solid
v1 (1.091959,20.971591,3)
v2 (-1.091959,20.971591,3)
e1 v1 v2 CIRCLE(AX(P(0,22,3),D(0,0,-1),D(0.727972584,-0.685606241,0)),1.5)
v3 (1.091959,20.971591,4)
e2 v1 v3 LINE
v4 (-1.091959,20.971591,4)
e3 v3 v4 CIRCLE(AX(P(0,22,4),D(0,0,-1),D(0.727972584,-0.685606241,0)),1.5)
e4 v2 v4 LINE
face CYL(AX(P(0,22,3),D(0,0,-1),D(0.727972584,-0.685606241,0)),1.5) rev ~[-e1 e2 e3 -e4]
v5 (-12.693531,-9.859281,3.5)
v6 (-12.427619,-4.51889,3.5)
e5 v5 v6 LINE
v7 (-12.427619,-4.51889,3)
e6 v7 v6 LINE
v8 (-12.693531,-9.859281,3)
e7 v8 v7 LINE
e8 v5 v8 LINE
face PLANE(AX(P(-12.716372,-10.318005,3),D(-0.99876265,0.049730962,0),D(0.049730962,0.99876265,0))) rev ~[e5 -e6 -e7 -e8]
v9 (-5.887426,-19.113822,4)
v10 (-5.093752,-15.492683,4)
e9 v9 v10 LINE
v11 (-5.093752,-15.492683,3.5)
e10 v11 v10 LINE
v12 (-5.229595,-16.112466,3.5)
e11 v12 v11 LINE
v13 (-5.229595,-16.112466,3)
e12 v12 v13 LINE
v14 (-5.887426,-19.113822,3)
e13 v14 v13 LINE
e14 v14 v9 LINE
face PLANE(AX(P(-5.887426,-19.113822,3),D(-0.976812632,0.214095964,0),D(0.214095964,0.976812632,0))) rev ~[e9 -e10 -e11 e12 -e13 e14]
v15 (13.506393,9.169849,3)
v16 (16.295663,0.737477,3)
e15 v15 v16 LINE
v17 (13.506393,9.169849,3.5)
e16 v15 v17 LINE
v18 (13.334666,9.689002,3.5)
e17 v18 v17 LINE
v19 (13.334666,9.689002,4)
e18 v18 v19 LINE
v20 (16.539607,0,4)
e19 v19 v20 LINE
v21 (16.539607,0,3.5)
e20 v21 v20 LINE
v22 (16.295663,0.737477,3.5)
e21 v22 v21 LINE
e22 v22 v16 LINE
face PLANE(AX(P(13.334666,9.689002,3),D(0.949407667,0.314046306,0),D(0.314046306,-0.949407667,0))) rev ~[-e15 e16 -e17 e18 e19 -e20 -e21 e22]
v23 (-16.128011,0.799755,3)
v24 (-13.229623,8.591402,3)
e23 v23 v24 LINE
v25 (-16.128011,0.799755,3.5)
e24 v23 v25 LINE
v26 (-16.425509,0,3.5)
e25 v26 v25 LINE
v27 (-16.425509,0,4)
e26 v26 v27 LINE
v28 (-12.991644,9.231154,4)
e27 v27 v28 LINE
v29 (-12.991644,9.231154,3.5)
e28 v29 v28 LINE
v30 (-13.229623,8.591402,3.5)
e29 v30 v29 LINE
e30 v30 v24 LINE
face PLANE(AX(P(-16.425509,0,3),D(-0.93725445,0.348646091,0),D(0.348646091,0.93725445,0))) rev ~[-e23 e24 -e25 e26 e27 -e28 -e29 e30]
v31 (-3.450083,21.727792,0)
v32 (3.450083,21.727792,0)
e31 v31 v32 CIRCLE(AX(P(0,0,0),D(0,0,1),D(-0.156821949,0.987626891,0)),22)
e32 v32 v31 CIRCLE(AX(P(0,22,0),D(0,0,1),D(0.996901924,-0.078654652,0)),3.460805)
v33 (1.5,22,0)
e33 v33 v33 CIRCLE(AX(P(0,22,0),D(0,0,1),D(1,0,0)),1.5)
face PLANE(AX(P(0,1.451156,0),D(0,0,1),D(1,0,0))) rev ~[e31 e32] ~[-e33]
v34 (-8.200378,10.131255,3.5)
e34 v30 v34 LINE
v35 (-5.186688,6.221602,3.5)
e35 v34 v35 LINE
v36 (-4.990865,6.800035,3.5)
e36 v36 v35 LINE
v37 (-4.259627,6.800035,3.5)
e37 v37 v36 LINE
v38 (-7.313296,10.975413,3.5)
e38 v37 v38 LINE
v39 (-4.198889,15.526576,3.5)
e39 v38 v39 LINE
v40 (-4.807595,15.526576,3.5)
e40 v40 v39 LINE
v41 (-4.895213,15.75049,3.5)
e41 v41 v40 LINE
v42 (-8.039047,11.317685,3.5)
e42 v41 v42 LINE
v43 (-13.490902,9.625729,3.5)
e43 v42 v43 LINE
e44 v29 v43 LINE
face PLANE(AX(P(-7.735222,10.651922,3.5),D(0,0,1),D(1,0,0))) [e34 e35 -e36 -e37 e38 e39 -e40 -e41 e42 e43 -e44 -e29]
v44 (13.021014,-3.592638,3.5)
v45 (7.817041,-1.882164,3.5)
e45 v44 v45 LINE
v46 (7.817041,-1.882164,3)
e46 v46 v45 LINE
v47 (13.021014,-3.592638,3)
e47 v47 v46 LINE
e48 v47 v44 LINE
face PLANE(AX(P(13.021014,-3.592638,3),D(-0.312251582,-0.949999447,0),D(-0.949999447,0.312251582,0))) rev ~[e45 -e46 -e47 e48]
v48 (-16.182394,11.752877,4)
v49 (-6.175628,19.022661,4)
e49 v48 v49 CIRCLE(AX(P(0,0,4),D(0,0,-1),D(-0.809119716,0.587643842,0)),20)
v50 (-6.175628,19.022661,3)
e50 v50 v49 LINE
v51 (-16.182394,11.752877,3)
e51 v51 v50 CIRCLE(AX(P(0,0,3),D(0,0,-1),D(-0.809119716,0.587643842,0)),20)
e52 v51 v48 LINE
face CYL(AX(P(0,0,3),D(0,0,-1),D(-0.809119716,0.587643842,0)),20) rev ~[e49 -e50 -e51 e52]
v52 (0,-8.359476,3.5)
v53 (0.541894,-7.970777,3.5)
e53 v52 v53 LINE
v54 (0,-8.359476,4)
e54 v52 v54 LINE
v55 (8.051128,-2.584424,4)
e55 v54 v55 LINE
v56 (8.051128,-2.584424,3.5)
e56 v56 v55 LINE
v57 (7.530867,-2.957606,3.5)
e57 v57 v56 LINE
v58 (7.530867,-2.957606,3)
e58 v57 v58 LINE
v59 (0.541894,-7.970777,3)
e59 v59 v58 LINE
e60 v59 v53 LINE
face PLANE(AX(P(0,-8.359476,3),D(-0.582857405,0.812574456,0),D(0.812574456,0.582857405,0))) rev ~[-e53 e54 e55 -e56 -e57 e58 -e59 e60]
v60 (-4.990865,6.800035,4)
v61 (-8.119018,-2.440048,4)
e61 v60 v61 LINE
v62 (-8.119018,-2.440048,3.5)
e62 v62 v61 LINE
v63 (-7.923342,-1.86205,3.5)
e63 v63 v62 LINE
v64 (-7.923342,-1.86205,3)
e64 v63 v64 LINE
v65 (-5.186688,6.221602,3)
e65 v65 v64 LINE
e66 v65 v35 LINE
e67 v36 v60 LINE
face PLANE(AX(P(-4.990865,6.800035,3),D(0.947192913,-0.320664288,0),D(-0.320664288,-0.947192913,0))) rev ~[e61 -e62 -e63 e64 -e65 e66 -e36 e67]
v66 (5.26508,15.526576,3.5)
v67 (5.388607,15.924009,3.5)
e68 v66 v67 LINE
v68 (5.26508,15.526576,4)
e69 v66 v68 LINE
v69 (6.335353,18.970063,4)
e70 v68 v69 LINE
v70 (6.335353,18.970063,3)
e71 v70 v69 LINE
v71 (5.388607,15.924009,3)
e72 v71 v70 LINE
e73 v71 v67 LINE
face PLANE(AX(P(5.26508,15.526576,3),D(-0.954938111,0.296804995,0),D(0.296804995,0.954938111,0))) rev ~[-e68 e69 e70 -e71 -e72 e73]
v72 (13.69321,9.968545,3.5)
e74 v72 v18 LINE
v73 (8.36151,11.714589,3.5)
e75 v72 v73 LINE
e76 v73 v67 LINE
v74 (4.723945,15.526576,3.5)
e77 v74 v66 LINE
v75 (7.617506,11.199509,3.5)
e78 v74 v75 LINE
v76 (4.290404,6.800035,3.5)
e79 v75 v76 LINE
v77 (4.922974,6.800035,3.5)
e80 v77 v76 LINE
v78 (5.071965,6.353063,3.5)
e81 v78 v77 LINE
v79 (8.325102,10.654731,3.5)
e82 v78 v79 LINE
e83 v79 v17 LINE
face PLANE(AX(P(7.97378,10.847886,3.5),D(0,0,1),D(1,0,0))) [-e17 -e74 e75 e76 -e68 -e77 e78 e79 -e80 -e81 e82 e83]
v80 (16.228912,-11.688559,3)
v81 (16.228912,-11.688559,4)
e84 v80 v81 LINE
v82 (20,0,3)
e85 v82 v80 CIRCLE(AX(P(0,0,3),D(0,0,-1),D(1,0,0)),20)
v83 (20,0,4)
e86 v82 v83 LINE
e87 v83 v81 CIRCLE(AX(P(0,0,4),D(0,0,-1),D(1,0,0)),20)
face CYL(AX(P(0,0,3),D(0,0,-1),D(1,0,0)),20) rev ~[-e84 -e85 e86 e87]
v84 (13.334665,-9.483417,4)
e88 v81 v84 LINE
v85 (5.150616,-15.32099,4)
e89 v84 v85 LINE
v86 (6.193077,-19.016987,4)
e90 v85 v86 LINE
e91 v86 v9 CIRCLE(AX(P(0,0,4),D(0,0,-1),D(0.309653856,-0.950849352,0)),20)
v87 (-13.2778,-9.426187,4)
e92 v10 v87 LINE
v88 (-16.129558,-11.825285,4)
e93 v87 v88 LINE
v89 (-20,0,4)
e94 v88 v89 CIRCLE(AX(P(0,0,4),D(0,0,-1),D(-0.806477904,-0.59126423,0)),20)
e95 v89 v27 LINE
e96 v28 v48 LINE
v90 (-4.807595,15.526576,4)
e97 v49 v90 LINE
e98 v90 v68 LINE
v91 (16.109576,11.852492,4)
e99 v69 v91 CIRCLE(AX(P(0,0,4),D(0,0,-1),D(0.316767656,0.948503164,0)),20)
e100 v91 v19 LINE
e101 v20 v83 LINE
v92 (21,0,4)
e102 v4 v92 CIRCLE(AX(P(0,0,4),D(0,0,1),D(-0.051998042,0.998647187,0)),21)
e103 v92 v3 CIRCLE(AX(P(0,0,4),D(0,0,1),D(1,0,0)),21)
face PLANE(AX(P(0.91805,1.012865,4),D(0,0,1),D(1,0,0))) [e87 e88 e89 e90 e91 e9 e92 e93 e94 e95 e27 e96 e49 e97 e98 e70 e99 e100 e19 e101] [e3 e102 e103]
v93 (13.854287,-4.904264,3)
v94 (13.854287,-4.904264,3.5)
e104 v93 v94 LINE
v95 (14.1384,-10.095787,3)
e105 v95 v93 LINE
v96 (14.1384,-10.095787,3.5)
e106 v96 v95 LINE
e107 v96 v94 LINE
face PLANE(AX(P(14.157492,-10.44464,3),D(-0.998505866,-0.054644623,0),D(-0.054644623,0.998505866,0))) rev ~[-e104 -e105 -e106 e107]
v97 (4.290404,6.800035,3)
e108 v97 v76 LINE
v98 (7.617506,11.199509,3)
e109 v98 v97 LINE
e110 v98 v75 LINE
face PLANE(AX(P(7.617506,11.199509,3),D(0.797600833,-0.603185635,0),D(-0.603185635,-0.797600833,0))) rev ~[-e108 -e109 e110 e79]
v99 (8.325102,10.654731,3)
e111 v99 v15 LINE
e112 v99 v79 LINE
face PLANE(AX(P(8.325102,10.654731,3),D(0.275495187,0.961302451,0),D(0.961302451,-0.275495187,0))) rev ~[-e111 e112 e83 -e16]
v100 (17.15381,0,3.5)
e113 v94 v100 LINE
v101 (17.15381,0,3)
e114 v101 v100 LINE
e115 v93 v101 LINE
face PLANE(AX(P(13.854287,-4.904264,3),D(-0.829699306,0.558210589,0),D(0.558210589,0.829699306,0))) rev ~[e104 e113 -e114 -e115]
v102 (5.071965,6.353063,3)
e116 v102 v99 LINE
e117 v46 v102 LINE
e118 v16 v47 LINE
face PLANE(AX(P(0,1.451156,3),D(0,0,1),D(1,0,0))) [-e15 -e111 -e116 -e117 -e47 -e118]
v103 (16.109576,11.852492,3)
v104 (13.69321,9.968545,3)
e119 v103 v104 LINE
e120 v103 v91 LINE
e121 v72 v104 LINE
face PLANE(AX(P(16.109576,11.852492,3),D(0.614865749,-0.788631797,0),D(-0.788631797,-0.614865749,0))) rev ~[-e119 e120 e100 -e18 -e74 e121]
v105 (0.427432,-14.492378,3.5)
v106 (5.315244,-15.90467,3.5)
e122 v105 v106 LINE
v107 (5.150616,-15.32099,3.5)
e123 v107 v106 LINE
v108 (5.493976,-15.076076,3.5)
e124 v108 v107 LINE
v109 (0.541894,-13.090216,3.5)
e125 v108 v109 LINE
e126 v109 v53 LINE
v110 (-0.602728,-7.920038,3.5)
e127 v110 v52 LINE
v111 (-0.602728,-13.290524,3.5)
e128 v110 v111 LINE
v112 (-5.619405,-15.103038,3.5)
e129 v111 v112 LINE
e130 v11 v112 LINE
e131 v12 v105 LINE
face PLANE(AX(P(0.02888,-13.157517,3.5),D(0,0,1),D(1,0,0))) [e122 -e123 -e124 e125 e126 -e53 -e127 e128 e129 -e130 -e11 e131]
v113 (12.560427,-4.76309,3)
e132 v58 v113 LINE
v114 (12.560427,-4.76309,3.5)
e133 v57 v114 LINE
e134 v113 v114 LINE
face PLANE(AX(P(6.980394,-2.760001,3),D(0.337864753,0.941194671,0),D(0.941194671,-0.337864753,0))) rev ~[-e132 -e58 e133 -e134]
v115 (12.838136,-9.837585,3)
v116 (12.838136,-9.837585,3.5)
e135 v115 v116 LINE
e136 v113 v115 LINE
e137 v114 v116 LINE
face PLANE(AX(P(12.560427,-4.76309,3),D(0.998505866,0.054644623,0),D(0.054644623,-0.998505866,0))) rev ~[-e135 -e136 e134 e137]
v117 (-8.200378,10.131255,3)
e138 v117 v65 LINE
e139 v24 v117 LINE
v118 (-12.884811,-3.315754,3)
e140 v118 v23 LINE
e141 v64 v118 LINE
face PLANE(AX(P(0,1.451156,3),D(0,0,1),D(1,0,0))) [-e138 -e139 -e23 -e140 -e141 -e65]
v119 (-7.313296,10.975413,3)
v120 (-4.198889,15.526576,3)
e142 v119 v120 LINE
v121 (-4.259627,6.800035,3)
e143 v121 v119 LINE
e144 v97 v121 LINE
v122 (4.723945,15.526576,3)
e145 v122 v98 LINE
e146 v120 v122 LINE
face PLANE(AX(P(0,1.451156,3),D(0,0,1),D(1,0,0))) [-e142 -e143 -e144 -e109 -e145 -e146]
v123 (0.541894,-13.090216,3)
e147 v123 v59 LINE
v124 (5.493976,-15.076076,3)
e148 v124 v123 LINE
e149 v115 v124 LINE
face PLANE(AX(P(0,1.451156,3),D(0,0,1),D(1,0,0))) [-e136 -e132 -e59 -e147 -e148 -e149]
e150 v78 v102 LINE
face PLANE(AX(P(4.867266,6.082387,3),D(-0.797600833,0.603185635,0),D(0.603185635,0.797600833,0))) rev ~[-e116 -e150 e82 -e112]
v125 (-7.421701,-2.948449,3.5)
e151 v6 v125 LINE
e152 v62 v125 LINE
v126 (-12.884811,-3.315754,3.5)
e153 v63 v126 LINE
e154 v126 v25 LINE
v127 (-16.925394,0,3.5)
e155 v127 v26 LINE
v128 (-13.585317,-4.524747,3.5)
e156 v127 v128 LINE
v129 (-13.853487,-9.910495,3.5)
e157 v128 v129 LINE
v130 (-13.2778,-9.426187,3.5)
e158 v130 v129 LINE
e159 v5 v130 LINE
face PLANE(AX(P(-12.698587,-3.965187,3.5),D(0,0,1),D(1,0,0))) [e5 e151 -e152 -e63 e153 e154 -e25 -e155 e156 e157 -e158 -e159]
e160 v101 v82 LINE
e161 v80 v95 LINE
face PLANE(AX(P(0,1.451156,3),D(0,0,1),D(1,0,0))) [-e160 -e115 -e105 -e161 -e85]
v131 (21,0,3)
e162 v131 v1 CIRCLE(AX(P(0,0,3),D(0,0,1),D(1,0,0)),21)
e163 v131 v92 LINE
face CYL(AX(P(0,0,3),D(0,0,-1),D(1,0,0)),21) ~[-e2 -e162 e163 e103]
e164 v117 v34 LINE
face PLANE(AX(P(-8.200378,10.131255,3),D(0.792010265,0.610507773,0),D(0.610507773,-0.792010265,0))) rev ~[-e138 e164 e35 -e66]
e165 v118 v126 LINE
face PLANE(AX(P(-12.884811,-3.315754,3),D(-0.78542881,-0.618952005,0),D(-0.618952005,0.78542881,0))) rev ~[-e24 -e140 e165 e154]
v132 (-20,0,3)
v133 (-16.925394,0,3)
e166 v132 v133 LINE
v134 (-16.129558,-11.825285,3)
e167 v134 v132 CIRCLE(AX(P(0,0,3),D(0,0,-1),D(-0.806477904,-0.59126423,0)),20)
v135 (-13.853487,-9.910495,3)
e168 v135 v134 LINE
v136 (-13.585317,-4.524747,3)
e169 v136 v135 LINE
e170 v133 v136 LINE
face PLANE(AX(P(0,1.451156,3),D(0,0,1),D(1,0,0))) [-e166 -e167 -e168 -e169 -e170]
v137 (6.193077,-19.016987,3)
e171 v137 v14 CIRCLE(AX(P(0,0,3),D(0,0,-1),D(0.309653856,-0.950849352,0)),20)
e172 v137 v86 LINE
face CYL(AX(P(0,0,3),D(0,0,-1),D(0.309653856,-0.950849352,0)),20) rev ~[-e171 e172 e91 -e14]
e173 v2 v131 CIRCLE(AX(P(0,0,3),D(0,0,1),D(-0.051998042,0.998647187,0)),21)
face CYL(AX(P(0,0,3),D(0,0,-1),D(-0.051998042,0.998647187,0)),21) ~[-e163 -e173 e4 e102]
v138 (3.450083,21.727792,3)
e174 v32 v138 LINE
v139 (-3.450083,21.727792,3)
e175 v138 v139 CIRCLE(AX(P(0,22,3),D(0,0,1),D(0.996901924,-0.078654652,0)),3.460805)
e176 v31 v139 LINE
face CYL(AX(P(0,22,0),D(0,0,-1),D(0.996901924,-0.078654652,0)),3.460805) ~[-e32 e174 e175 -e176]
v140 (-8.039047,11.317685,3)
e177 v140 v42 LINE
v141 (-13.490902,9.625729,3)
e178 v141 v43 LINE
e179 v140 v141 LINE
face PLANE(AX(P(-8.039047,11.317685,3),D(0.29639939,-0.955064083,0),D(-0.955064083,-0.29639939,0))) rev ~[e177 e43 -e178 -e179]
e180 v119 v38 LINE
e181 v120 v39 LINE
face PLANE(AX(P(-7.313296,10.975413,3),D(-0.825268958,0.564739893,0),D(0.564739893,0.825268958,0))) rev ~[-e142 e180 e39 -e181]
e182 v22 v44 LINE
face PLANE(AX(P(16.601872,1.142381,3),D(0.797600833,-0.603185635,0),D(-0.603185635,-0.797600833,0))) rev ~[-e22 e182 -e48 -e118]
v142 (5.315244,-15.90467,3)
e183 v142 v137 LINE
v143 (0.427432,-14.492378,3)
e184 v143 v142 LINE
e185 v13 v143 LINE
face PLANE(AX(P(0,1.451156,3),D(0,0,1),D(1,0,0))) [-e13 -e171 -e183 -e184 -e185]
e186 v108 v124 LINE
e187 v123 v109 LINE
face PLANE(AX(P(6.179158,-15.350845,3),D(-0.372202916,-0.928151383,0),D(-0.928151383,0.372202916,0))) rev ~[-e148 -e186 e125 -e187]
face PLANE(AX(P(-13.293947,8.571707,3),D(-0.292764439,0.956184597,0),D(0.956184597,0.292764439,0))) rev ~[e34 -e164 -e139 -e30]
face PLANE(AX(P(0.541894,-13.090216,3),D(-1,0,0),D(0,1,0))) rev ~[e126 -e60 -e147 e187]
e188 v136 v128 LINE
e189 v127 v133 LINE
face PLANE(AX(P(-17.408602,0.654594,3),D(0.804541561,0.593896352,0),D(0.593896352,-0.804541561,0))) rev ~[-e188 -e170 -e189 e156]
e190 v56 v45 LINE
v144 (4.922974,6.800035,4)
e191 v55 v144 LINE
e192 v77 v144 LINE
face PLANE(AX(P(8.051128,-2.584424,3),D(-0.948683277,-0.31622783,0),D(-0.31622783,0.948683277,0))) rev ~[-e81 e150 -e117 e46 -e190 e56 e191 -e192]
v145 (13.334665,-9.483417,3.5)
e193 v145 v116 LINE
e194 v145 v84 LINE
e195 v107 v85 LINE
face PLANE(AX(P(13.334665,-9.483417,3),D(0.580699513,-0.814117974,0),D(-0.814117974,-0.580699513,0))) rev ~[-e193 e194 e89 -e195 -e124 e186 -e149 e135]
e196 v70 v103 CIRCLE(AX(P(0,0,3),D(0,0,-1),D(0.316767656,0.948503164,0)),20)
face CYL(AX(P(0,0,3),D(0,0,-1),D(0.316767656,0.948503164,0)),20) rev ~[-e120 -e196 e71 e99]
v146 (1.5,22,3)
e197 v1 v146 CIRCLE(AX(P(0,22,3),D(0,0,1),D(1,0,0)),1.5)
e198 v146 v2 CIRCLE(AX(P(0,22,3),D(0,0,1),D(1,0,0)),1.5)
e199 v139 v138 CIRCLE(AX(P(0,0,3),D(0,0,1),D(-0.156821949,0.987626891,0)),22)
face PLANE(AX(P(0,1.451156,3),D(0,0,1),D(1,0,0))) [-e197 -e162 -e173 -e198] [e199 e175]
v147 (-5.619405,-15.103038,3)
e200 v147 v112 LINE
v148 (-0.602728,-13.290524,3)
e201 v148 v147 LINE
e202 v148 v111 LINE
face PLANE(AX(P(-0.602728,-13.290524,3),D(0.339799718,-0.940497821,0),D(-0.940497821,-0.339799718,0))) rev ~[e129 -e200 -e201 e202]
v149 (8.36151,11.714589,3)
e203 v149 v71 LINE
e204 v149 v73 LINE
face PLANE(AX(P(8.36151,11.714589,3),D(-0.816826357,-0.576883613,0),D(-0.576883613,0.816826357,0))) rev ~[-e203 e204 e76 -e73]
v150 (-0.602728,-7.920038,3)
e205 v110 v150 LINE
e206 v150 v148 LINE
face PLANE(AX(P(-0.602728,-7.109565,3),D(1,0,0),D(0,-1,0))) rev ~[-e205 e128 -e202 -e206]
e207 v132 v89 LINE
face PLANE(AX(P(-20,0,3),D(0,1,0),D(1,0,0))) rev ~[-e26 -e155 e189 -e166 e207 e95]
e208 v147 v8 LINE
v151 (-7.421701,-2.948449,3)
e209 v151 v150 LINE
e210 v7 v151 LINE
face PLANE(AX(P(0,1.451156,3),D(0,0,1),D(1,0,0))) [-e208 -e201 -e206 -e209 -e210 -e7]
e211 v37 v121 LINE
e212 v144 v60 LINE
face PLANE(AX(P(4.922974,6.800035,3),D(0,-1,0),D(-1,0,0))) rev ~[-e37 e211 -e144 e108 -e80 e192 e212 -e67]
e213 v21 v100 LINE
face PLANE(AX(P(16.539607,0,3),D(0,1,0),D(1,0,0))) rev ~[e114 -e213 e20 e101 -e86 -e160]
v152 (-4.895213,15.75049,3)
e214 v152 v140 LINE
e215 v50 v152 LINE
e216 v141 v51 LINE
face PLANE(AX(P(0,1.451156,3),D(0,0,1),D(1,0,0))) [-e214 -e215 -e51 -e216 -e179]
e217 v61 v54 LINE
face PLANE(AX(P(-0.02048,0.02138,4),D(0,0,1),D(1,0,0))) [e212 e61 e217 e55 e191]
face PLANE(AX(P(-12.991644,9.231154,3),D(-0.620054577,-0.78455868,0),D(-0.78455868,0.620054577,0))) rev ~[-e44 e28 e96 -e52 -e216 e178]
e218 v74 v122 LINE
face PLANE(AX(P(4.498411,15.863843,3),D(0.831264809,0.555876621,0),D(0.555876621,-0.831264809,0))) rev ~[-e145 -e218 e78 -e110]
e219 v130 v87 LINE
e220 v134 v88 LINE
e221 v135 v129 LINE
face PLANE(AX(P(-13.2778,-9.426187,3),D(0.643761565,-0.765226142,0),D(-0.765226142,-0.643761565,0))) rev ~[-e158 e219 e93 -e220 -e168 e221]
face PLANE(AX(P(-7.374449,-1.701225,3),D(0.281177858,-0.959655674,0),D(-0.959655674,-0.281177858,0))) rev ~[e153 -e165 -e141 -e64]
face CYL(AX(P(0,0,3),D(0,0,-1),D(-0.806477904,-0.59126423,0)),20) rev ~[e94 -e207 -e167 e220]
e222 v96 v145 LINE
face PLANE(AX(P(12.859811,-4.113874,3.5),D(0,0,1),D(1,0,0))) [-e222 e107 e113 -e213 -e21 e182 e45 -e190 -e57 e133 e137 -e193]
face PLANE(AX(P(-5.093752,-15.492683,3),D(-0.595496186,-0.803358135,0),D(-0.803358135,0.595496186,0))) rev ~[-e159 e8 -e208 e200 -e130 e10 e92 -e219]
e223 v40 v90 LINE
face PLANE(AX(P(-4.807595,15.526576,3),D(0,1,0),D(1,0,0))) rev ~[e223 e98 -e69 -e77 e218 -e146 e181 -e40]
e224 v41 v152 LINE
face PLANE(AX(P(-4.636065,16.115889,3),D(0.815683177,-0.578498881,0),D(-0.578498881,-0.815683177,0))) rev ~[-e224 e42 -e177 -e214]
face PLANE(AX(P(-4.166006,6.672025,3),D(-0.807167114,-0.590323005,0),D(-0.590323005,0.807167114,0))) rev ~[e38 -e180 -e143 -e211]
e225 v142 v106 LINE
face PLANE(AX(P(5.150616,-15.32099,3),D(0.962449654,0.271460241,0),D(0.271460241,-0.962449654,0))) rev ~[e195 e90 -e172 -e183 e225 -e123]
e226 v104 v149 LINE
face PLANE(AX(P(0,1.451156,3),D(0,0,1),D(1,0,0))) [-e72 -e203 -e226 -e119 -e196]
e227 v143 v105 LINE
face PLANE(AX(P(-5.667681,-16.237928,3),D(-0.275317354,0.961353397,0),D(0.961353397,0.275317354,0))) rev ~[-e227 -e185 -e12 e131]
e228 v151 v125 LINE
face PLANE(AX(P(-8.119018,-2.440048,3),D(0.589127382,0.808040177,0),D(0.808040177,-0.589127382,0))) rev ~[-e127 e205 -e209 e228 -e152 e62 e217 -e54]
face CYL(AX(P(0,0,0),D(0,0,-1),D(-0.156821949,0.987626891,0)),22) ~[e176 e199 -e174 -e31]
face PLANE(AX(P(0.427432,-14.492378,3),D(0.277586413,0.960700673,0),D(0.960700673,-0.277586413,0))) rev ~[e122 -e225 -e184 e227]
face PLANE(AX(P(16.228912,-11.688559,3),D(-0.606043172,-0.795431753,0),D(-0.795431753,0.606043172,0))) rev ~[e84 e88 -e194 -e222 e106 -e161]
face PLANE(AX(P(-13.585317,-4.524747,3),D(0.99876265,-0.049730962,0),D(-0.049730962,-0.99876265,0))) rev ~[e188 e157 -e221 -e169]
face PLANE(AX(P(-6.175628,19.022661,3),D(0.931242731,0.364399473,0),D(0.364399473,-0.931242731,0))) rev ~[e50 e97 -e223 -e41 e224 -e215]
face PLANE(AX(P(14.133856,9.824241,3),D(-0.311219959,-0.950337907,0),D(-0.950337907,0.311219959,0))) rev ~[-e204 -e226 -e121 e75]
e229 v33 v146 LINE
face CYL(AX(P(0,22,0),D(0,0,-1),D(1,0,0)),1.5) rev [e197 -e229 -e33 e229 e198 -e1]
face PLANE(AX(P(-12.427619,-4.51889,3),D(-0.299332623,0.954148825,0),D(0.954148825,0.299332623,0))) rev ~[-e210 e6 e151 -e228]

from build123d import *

# Parameters (mm, degrees)
F0_R     = 1.5
F1_DEPTH = 3
F3_DEPTH = 1
F5_DEPTH = 0.5


with BuildPart() as f1:
    # F0 (on Top) → F1 (new body)
    with BuildSketch(Plane.XY):
        with BuildLine():
            ThreePointArc((3.4500828672, 21.7277916091), (0, 25.4608047039), (-3.4500828672, 21.7277916091))
            ThreePointArc((-3.4500828672, 21.7277916091), (0, -22), (3.4500828672, 21.7277916091))
        make_face()
        with Locations((0, 22)):
            Circle(F0_R, mode=Mode.SUBTRACT)
    extrude(amount=F1_DEPTH)



with BuildPart() as f3:
    # F2 (on face) → F3 (new body)
    with BuildSketch(Plane.XY.offset(3)):
        Polygon((4.922974389, 6.8000350147), (-4.9908645451, 6.8000350147), (-8.1190178171, -2.440047916), (0, -8.3594759926), (8.0511281267, -2.5844241027), align=None)
    extrude(amount=F3_DEPTH)


with BuildPart() as f3b:
    # F2 (on face) → F3, piece 2 (new body)
    with BuildSketch(Plane.XY.offset(3)):
        with BuildLine():
            ThreePointArc((-1.0919588755, 20.9715906388), (-14.4580228944, -15.2304156901), (20.9999997169, 0))
            ThreePointArc((20.9999997169, 0), (15.2304156901, 14.4580228944), (1.0919588755, 20.9715906388))
            ThreePointArc((1.0919588755, 20.9715906388), (0, 20.5), (-1.0919588755, 20.9715906388))
        make_face()
        with BuildLine():
            ThreePointArc((-16.1295580852, -11.8252846044), (-19.0077768519, -6.2212875796), (-20, 0))
            Line((-20, 0), (-16.4255090058, 0))
            Line((-16.4255090058, 0), (-12.9916435108, 9.2311538756))
            Line((-12.9916435108, 9.2311538756), (-16.1823943196, 11.7528768429))
            ThreePointArc((-16.1823943196, 11.7528768429), (-11.7551151877, 16.1807684281), (-6.1756283357, 19.0226605568))
            Line((-6.1756283357, 19.0226605568), (-4.8075946979, 15.5265759677))
            Line((-4.8075946979, 15.5265759677), (5.26508037, 15.5265759677))
            Line((5.26508037, 15.5265759677), (6.3353531163, 18.9700632812))
            ThreePointArc((6.3353531163, 18.9700632812), (11.7732180825, 16.1676014295), (16.1095758254, 11.8524920048))
            Line((16.1095758254, 11.8524920048), (13.3346663788, 9.6890022978))
            Line((13.3346663788, 9.6890022978), (16.539607197, 0))
            Line((16.539607197, 0), (20, 0))
            ThreePointArc((20, 0), (19.0338940981, -6.1409181287), (16.2289124537, -11.6885585326))
            Line((16.2289124537, -11.6885585326), (13.3346645162, -9.4834174961))
            Line((13.3346645162, -9.4834174961), (5.150616169, -15.3209902346))
            Line((5.150616169, -15.3209902346), (6.1930771205, -19.0169870321))
            ThreePointArc((6.1930771205, -19.0169870321), (0.1603117546, -19.9993574932), (-5.8874264525, -19.1138224792))
            Line((-5.8874264525, -19.1138224792), (-5.0937519409, -15.4926832765))
            Line((-5.0937519409, -15.4926832765), (-13.2777998224, -9.4261867926))
            Line((-13.2777998224, -9.4261867926), (-16.1295580852, -11.8252846044))
        make_face(mode=Mode.SUBTRACT)
    extrude(amount=F3_DEPTH)


with BuildPart() as f1_1:
    add(f1.part)

    add(f3.part)  # F5 merges F3

    add(f3b.part)  # F5 merges F3b
    # F4 (on face) → F5 (join)
    with BuildSketch(Plane.XY.offset(3)):
        Polygon((-3.9732013829, 15.8563796431), (-4.6360646375, 16.1158889532), (-8.0390470102, 11.3176852465), (-13.9602348208, 9.480074048), (-13.2939470932, 8.5717067122), (-8.2003781572, 10.1312547922), (-5.0240522251, 6.0106148012), (-4.1660062867, 6.6720250605), (-7.3132961988, 10.9754130244), align=None)
        Polygon((5.1279528998, 16.2930767983), (4.4984105043, 15.8638432622), (7.6175061986, 11.1995087937), (4.1550239548, 6.6210199147), (4.8672661829, 6.0823867253), (8.3251015592, 10.6547309861), (13.9129273593, 9.0533420444), (14.1338557053, 9.8242410304), (8.3615100011, 11.7145888507), align=None)
        Polygon((13.0210139809, -3.5926375928), (7.2665498592, -1.7012254102), (6.9803940132, -2.7600007597), (12.5604271889, -4.763089586), (12.8751983866, -10.514815338), (14.1574915833, -10.4446400579), (13.8542868014, -4.9042641757), (17.5109170377, 0.5307878018), (16.6018719511, 1.1423811709), align=None)
        Polygon((0.5418943474, -7.1095651947), (-0.6027278141, -7.1095651947), (-0.6027278141, -13.2905244827), (-5.9576934658, -15.2252613613), (-5.6676808745, -16.2379276007), (0.4274321254, -14.4923776388), (5.8904200537, -16.0708622457), (6.1791581102, -15.3508447111), (0.5418943474, -13.0902156234), align=None)
        Polygon((-16.3739044219, 1.1117858812), (-17.4086019397, 0.6545940414), (-13.5853170573, -4.5247467198), (-13.8709158044, -10.2605167986), (-12.7163715661, -10.3180045262), (-12.4276187271, -4.5188898221), (-6.8210065365, -2.7600007597), (-7.3744487017, -1.7012254102), (-12.8848105669, -3.3157542348), align=None)
    extrude(amount=F5_DEPTH)


solid = f1_1.part
